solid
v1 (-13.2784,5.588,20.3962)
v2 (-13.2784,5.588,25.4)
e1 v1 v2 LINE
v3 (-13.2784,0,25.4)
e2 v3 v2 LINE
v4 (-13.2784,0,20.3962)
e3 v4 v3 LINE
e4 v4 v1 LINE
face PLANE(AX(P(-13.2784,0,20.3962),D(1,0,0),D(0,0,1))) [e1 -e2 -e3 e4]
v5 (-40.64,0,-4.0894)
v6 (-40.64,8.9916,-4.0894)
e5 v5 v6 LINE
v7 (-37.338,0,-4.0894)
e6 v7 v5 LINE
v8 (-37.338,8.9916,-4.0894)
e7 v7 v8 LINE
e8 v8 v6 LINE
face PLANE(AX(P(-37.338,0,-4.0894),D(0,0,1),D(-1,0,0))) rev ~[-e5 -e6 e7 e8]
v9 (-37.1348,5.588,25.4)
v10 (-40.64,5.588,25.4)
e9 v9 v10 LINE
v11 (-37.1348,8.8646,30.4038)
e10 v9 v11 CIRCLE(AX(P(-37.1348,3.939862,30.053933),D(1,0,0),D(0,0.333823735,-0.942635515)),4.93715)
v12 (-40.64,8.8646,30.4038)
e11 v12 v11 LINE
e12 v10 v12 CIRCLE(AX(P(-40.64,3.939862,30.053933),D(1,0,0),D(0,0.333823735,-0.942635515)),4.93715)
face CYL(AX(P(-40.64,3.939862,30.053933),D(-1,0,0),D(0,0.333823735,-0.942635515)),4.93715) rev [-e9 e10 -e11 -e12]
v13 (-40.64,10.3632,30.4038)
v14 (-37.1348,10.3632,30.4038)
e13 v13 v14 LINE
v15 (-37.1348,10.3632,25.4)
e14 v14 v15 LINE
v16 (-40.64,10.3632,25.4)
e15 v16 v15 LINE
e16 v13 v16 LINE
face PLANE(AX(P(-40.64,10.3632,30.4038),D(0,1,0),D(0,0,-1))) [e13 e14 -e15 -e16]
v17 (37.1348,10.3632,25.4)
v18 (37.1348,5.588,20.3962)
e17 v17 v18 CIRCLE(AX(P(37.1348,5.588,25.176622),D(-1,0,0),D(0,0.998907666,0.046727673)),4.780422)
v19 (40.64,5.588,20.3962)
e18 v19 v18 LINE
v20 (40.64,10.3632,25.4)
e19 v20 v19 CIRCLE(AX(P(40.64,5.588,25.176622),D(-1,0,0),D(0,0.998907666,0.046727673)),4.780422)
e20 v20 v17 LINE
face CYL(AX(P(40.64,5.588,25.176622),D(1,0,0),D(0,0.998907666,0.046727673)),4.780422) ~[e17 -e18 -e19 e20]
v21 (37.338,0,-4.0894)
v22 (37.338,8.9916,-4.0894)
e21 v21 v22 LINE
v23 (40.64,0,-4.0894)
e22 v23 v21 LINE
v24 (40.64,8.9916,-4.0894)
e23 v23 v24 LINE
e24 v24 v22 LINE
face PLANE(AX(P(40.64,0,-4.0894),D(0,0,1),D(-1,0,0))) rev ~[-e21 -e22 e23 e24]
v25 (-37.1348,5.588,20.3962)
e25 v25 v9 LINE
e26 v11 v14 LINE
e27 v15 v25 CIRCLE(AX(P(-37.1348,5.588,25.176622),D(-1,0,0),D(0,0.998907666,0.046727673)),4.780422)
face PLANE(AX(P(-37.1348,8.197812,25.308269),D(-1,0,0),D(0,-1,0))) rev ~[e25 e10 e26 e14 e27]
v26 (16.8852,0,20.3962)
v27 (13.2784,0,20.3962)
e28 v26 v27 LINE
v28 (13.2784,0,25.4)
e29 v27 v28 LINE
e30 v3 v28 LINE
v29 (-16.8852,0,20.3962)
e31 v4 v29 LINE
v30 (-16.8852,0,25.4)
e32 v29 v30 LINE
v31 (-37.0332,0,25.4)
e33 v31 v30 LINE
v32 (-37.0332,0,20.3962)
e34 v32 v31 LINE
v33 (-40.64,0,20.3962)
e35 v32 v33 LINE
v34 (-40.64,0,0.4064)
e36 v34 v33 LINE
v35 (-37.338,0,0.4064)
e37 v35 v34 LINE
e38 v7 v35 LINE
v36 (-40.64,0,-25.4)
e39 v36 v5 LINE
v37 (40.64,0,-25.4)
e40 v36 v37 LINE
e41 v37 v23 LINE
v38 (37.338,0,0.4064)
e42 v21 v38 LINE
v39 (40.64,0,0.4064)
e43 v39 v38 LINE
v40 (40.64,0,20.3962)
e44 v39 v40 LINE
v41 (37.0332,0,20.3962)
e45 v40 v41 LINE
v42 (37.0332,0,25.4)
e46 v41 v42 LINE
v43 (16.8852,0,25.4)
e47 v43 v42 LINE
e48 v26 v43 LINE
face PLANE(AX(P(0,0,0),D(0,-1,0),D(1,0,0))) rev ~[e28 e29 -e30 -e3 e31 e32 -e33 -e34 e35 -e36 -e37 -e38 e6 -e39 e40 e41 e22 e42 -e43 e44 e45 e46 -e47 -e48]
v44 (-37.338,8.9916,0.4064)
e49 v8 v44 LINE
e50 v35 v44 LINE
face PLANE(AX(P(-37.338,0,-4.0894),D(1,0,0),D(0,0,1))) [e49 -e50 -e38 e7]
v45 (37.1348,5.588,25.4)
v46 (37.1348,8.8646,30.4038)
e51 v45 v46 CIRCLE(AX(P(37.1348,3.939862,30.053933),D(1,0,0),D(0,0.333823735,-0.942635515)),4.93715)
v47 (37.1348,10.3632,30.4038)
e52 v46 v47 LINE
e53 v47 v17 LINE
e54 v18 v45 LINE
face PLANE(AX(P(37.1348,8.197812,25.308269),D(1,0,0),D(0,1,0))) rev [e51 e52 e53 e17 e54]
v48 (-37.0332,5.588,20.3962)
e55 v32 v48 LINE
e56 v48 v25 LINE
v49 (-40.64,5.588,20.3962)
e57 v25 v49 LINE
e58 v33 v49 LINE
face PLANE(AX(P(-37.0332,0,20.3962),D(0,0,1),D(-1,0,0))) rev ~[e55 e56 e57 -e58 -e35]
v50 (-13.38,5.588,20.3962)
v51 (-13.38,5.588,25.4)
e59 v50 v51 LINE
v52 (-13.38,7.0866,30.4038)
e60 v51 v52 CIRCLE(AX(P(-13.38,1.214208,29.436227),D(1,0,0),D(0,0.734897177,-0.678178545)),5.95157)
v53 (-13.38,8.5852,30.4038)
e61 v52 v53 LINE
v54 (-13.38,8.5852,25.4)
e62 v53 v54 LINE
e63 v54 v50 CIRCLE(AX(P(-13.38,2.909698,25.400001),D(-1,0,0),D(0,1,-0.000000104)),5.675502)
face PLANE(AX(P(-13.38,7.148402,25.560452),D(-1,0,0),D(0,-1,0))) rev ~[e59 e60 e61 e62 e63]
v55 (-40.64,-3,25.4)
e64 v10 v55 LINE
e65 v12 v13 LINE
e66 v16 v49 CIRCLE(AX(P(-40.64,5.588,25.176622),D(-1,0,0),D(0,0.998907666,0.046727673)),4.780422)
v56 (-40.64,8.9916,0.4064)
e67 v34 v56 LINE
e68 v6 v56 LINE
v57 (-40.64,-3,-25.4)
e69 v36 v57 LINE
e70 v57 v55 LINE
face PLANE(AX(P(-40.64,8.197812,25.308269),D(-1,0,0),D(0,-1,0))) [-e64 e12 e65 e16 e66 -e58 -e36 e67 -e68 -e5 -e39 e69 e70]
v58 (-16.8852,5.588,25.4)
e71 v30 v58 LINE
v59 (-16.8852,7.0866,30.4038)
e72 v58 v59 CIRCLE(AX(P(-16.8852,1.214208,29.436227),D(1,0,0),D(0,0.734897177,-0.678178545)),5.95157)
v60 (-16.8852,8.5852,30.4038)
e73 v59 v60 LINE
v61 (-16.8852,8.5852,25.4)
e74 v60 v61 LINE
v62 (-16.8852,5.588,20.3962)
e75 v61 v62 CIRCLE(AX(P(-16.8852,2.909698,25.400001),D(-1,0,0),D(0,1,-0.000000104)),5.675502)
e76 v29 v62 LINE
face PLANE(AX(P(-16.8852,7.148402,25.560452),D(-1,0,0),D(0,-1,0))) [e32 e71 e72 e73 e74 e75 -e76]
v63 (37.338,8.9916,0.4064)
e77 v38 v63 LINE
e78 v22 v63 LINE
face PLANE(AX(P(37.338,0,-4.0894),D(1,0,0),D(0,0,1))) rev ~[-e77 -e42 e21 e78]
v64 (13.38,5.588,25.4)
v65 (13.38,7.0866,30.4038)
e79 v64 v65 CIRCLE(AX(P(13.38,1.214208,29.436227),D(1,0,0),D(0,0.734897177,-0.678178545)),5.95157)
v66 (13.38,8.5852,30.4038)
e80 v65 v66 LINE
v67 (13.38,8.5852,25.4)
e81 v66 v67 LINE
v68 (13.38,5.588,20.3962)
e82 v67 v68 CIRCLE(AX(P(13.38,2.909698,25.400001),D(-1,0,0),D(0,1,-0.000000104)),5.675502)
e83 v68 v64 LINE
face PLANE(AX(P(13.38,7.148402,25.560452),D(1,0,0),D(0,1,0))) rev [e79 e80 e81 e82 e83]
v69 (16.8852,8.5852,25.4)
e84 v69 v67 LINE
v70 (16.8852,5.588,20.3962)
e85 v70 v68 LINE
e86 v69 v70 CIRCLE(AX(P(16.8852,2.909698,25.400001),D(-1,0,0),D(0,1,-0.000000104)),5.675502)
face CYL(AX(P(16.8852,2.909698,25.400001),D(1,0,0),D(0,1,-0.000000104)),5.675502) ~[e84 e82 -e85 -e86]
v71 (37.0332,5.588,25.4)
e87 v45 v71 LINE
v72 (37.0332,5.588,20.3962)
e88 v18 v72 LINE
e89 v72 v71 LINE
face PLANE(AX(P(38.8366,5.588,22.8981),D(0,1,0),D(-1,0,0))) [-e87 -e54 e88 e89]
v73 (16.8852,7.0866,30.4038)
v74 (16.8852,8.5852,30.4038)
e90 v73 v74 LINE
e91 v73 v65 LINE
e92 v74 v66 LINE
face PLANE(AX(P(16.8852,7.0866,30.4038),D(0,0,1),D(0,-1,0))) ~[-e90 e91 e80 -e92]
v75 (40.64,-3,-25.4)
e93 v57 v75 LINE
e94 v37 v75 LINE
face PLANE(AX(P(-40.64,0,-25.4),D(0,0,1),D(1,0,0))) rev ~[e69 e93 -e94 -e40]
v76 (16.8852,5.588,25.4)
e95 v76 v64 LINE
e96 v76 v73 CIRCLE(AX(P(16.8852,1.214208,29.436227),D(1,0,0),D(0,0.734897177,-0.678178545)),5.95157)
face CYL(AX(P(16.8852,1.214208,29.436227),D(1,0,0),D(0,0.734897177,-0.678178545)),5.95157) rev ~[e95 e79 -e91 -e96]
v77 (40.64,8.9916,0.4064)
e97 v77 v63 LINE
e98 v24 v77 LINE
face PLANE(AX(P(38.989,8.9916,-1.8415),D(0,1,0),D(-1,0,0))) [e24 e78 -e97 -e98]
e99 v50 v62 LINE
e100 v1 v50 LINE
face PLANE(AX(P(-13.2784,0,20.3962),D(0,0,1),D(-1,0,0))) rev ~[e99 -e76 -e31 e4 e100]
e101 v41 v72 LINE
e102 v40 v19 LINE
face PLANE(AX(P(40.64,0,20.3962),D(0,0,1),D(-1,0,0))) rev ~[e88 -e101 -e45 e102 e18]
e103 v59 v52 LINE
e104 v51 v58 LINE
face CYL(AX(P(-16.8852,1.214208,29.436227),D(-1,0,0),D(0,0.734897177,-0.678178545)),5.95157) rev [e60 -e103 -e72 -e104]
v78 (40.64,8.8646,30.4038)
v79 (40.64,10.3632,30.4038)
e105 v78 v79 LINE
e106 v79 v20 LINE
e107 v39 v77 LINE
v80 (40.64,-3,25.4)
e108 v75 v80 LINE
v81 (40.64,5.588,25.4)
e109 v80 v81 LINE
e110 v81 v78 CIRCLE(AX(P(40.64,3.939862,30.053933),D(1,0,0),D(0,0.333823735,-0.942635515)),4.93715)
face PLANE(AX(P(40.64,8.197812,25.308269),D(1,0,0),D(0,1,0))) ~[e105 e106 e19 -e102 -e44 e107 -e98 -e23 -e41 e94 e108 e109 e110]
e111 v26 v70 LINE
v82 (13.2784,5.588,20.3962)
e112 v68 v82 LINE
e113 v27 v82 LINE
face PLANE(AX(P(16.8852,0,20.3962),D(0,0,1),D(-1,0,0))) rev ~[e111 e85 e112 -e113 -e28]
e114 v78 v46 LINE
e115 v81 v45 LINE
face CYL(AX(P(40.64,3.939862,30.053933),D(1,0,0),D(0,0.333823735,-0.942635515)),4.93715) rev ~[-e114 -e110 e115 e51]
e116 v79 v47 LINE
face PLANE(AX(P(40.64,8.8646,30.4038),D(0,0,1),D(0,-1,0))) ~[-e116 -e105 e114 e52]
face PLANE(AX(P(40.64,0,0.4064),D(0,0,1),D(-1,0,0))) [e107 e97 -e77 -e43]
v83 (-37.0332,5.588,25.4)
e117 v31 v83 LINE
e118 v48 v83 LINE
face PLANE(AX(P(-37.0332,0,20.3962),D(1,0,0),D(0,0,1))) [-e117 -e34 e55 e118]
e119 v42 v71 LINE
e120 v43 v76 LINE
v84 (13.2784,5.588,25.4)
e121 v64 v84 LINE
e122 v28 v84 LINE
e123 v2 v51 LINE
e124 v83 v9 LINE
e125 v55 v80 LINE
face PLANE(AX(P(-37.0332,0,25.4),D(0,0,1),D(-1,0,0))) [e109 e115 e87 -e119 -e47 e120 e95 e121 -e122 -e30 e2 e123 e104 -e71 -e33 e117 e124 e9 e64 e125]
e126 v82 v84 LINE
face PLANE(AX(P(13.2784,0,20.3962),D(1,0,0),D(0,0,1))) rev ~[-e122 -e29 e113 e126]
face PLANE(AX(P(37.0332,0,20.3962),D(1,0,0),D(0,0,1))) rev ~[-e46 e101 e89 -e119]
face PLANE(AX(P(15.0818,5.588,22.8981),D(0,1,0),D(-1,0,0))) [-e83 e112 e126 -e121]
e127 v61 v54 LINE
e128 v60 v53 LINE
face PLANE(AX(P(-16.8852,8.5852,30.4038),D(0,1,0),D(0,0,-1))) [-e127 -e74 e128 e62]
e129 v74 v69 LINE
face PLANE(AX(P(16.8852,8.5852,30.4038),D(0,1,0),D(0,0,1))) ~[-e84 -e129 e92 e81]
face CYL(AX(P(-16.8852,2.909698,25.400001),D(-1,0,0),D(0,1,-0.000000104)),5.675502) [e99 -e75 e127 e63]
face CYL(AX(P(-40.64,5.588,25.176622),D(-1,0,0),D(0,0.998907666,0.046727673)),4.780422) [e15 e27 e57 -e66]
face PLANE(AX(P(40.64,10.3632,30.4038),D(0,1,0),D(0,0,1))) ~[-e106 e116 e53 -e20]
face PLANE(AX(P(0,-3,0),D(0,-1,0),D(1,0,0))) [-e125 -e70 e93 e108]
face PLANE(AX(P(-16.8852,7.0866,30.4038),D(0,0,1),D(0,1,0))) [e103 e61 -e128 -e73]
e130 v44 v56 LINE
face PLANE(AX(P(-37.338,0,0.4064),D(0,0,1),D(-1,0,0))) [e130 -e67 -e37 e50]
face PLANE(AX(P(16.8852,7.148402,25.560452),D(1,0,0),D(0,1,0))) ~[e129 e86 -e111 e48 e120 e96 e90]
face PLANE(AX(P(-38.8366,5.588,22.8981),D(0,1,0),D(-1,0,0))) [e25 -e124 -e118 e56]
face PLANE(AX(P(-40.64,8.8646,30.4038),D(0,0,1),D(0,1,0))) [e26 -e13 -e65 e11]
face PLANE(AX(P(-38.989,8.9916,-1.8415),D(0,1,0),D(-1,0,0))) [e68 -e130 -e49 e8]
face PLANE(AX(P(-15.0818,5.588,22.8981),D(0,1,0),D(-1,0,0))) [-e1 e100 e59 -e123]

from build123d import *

# Parameters (mm, degrees)
F0_W     = 81.28
F0_H     = 50.8
F1_DEPTH = 3
F2_W     = 3.6068
F2_H     = 5.0038
F3_DEPTH = 5.588
F2_W_2   = 3.302
F2_H_2   = 4.4958
F4_DEPTH = 8.9916
F6_DEPTH = 3.5052
F9_DEPTH = 3.5052


with BuildPart() as f1:
    # F0 (on Front) → F1 (new body)
    with BuildSketch(Plane.XZ):
        Rectangle(F0_W, F0_H)
    extrude(amount=F1_DEPTH)

    # F2 (on face) → F3 (join)
    with BuildSketch(Plane(origin=(0, 0, 0), x_dir=(-1, 0, 0), z_dir=(0, 1, 0))):
        with Locations((38.8366, 22.8981)):
            Rectangle(F2_W, F2_H)
        with Locations((-38.8366, 22.8981)):
            Rectangle(F2_W, F2_H)
        with Locations((-15.0818, 22.8981)):
            Rectangle(F2_W, F2_H)
        with Locations((15.0818, 22.8981)):
            Rectangle(F2_W, F2_H)
    extrude(amount=F3_DEPTH)

    # F2 (on face) → F4 (join)
    with BuildSketch(Plane(origin=(0, 0, 0), x_dir=(-1, 0, 0), z_dir=(0, 1, 0))):
        with Locations((-38.989, -1.8415)):
            Rectangle(F2_W_2, F2_H_2)
        with Locations((38.989, -1.8415)):
            Rectangle(F2_W_2, F2_H_2)
    extrude(amount=F4_DEPTH)

    # F5 (on face) → F6 (join)
    with BuildSketch(Plane(origin=(-40.64, 0, 0), x_dir=(0, -1, 0), z_dir=(-1, 0, 0))):
        with BuildLine():
            Line((-10.3632, 30.4038), (-10.3632, 25.4))
            ThreePointArc((-10.3632, 25.4), (-9.046343, 21.876274), (-5.588, 20.3962))
            Line((-5.588, 20.3962), (-5.588, 25.4))
            ThreePointArc((-5.588, 25.4), (-8.070259, 27.349257), (-8.8646, 30.4038))
            Line((-8.8646, 30.4038), (-10.3632, 30.4038))
        make_face()
    extrude(amount=-F6_DEPTH)

    # F7: F1 across plane


with BuildPart() as f1_1:
    add(f1.part)
    add(f1.part.mirror(Plane.YZ))

    # F8 (on face) → F9 (join)
    with BuildSketch(Plane(origin=(-16.8852, 0, 0), x_dir=(0, -1, 0), z_dir=(-1, 0, 0))):
        with BuildLine():
            Line((-8.5852, 30.4038), (-8.5852, 25.4))
            ThreePointArc((-8.5852, 25.4), (-7.77858, 22.483614), (-5.588, 20.3962))
            Line((-5.588, 20.3962), (-5.588, 25.4))
            ThreePointArc((-5.588, 25.4), (-6.915574, 27.728711), (-7.0866, 30.4038))
            Line((-7.0866, 30.4038), (-8.5852, 30.4038))
        make_face()
    extrude(amount=-F9_DEPTH)

    # F10: F1 across plane


with BuildPart() as f1_2:
    add(f1_1.part)
    add(f1_1.part.mirror(Plane.YZ))


solid = f1_2.part
